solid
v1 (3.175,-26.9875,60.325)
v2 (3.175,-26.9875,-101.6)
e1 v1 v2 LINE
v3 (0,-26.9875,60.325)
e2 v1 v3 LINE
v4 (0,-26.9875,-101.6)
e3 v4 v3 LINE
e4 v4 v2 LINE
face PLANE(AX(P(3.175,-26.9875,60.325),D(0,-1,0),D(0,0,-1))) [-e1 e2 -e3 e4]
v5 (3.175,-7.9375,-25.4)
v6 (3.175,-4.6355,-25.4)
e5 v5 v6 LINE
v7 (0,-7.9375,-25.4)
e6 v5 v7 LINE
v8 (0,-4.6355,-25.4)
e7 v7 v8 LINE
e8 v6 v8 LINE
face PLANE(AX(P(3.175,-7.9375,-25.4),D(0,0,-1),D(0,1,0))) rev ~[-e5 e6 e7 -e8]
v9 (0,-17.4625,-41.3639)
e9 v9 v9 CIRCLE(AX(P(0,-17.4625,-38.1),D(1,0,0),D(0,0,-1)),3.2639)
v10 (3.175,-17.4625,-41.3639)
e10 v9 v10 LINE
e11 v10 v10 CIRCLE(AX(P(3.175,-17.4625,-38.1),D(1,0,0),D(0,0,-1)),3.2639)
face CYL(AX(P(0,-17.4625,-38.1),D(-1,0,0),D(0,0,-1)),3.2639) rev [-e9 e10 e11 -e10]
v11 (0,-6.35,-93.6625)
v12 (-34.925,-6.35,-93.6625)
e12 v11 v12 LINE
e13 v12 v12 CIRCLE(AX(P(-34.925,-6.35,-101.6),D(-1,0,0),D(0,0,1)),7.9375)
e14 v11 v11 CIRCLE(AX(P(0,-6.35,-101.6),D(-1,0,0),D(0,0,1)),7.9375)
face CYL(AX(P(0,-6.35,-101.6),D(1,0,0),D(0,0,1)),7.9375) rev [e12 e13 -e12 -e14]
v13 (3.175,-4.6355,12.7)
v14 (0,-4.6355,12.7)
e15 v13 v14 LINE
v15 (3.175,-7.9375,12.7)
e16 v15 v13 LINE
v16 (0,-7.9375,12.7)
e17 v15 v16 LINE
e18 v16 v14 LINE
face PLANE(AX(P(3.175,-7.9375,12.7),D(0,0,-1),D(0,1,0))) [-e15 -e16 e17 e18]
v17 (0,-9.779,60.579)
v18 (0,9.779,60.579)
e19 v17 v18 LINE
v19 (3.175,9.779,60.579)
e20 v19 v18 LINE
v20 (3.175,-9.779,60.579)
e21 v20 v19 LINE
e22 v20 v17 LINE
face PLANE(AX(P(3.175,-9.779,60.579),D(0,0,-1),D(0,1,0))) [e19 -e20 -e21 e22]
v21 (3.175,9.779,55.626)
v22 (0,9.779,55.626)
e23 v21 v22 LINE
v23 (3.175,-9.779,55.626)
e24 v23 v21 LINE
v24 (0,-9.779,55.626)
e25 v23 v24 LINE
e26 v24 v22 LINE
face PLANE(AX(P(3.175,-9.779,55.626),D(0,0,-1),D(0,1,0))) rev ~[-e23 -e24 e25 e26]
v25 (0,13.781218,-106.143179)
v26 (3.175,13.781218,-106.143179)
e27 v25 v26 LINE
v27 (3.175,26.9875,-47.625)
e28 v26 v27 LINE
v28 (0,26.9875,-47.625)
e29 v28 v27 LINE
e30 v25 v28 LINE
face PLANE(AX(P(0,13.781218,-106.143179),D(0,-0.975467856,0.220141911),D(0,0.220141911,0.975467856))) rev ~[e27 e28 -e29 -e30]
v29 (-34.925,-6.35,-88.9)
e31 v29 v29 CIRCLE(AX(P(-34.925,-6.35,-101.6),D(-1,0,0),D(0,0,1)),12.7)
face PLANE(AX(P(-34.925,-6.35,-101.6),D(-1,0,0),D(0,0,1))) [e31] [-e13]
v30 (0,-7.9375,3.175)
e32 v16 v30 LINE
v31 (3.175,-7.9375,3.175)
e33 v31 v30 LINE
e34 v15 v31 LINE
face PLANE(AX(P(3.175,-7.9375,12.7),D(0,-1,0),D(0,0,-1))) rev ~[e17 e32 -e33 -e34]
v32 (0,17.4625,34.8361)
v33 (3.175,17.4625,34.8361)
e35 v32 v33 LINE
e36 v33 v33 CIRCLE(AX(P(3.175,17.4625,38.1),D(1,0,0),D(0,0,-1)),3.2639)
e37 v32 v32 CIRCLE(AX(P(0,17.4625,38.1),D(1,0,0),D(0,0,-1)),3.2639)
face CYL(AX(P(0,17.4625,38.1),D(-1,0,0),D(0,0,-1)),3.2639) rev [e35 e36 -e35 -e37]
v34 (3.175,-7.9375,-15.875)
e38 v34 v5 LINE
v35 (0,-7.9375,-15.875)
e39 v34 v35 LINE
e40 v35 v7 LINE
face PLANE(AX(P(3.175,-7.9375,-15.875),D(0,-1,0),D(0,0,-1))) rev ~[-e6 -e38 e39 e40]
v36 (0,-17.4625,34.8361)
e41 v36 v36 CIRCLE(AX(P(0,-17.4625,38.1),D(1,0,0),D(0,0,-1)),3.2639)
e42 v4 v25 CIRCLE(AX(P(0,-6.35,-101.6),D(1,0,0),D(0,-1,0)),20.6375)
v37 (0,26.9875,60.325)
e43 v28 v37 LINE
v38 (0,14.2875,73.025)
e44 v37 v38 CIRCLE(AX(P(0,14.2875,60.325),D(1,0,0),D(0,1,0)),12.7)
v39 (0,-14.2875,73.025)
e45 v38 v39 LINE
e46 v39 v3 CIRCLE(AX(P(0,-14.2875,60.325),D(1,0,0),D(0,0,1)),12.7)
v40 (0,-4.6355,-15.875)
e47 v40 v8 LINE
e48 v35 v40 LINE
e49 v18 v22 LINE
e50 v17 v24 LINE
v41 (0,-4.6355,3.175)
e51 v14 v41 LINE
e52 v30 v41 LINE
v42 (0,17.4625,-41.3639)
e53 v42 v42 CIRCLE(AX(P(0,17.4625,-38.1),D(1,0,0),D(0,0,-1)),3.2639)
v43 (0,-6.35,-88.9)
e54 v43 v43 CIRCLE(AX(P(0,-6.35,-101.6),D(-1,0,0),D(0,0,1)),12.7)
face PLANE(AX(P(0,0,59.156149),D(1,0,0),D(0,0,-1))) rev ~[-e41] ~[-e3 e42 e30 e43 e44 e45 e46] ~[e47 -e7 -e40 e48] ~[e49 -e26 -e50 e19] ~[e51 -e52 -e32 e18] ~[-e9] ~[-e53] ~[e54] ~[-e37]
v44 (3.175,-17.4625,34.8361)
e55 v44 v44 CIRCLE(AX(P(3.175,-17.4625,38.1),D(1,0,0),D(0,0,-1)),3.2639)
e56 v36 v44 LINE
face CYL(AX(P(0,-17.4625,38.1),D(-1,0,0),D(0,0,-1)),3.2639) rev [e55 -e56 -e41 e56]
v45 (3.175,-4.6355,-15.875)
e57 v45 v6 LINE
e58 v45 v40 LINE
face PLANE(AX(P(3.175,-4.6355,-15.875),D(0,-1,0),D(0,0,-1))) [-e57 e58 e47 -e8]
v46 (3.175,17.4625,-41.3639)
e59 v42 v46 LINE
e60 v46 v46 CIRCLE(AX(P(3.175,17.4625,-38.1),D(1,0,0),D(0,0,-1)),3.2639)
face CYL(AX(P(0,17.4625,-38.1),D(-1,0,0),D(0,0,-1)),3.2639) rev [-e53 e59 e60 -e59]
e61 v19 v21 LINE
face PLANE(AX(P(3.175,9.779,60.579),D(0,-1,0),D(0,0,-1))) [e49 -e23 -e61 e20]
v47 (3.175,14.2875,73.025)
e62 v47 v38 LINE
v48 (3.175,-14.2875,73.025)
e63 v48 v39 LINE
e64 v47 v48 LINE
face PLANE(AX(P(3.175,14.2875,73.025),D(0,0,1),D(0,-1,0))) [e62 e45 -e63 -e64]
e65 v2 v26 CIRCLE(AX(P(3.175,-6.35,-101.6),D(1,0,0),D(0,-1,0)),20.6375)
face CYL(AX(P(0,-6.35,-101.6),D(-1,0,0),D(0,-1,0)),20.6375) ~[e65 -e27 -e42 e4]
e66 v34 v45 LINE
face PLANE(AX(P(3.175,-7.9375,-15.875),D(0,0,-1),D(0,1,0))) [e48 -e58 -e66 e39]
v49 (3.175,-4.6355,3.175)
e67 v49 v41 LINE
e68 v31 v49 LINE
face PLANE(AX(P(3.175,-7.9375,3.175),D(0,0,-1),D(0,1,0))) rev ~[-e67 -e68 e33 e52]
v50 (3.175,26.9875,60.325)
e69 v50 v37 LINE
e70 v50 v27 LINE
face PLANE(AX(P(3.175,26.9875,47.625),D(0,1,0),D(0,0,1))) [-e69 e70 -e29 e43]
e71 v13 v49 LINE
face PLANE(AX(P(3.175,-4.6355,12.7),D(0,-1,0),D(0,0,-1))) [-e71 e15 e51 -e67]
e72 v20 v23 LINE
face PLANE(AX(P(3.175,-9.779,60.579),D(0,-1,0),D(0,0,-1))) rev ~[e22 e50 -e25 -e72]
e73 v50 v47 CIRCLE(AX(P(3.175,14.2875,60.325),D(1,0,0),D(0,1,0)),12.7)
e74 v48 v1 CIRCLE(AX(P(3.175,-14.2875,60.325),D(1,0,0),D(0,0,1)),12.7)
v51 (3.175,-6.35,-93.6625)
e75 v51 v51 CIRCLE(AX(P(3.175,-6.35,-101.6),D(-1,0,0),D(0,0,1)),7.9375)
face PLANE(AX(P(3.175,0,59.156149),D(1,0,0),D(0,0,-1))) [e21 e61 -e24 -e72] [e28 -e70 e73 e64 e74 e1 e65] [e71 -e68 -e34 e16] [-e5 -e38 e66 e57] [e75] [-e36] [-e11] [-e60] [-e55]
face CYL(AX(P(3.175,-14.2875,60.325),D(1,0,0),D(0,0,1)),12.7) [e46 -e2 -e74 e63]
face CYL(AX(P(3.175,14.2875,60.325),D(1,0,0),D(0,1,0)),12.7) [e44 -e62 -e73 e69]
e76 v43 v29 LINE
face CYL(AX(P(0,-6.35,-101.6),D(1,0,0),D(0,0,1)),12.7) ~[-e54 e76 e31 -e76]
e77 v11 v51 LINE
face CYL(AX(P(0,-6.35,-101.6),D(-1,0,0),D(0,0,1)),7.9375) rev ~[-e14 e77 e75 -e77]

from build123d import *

# Parameters (mm, degrees)
SKETCH1_R                = 3.2639
SKETCH1_R_2              = 12.7
BOSS_EXTRUDE1_DEPTH      = 3.175
SKETCH2_R                = 12.7
SKETCH2_R_2              = 7.9375
BOSS_EXTRUDE2_DEPTH      = 34.925
BOSS_EXTRUDE2_DEPTH_BACK = 3.175
SKETCH4_W                = 4.953
SKETCH4_H                = 19.558
BOSS_EXTRUDE3_DEPTH      = 3.175
SKETCH5_W                = 9.525
SKETCH5_H                = 3.302
CUT_EXTRUDE1_DEPTH       = 39.1


with BuildPart() as part:
    # Sketch1 → Boss-Extrude1 (new body)
    with BuildSketch(Plane(origin=(0, 0, 0), x_dir=(0, 0, -1), z_dir=(1, 0, 0))):
        with BuildLine():
            Line((106.143178695, 13.781217887), (47.625, 26.9875))
            Line((47.625, 26.9875), (-47.625, 26.9875))
            Line((-47.625, 26.9875), (-47.625, -26.9875))
            Line((-47.625, -26.9875), (101.6, -26.9875))
            ThreePointArc((101.6, -26.9875), (122.110538942, -8.635650576), (106.143178695, 13.781217887))
        make_face()
        with Locations((38.1, 17.4625)):
            Circle(SKETCH1_R, mode=Mode.SUBTRACT)
        with Locations((38.1, -17.4625)):
            Circle(SKETCH1_R, mode=Mode.SUBTRACT)
        with Locations((-38.1, -17.4625)):
            Circle(SKETCH1_R, mode=Mode.SUBTRACT)
        with Locations((-38.1, 17.4625)):
            Circle(SKETCH1_R, mode=Mode.SUBTRACT)
        with Locations((101.6, -6.35)):
            Circle(SKETCH1_R_2, mode=Mode.SUBTRACT)
    extrude(amount=BOSS_EXTRUDE1_DEPTH)

    # Sketch2 → Boss-Extrude2 (add, two sides)
    with BuildSketch(Plane.ZY) as boss_extrude2_sk:
        with Locations((-101.6, -6.35)):
            Circle(SKETCH2_R)
        with Locations((-101.6, -6.35)):
            Circle(SKETCH2_R_2, mode=Mode.SUBTRACT)
    extrude(amount=BOSS_EXTRUDE2_DEPTH)
    extrude(boss_extrude2_sk.sketch, amount=-BOSS_EXTRUDE2_DEPTH_BACK)

    # Sketch4 → Boss-Extrude3 (add)
    with BuildSketch(Plane(origin=(3.175, 0, 0), x_dir=(0, 0, -1), z_dir=(1, 0, 0))):
        with BuildLine():
            Line((-47.625, 26.9875), (-60.325, 26.9875))
            ThreePointArc((-60.325, 26.9875), (-69.305256121, 23.267756121), (-73.025, 14.2875))
            Line((-73.025, 14.2875), (-73.025, -14.2875))
            ThreePointArc((-73.025, -14.2875), (-69.305256121, -23.267756121), (-60.325, -26.9875))
            Line((-60.325, -26.9875), (-47.625, -26.9875))
            Line((-47.625, -26.9875), (-47.625, 26.9875))
        make_face()
        with Locations((-58.1025, 0)):
            Rectangle(SKETCH4_W, SKETCH4_H, mode=Mode.SUBTRACT)
    extrude(amount=-BOSS_EXTRUDE3_DEPTH)

    # Sketch5 → Cut-Extrude1 (cut, through all)
    with BuildSketch(Plane(origin=(3.175, 0, 0), x_dir=(0, 0, -1), z_dir=(1, 0, 0))):
        with Locations((20.6375, -6.2865)):
            Rectangle(SKETCH5_W, SKETCH5_H)
        with Locations((-7.9375, -6.2865)):
            Rectangle(SKETCH5_W, SKETCH5_H)
    extrude(amount=-CUT_EXTRUDE1_DEPTH, mode=Mode.SUBTRACT)


solid = part.part
